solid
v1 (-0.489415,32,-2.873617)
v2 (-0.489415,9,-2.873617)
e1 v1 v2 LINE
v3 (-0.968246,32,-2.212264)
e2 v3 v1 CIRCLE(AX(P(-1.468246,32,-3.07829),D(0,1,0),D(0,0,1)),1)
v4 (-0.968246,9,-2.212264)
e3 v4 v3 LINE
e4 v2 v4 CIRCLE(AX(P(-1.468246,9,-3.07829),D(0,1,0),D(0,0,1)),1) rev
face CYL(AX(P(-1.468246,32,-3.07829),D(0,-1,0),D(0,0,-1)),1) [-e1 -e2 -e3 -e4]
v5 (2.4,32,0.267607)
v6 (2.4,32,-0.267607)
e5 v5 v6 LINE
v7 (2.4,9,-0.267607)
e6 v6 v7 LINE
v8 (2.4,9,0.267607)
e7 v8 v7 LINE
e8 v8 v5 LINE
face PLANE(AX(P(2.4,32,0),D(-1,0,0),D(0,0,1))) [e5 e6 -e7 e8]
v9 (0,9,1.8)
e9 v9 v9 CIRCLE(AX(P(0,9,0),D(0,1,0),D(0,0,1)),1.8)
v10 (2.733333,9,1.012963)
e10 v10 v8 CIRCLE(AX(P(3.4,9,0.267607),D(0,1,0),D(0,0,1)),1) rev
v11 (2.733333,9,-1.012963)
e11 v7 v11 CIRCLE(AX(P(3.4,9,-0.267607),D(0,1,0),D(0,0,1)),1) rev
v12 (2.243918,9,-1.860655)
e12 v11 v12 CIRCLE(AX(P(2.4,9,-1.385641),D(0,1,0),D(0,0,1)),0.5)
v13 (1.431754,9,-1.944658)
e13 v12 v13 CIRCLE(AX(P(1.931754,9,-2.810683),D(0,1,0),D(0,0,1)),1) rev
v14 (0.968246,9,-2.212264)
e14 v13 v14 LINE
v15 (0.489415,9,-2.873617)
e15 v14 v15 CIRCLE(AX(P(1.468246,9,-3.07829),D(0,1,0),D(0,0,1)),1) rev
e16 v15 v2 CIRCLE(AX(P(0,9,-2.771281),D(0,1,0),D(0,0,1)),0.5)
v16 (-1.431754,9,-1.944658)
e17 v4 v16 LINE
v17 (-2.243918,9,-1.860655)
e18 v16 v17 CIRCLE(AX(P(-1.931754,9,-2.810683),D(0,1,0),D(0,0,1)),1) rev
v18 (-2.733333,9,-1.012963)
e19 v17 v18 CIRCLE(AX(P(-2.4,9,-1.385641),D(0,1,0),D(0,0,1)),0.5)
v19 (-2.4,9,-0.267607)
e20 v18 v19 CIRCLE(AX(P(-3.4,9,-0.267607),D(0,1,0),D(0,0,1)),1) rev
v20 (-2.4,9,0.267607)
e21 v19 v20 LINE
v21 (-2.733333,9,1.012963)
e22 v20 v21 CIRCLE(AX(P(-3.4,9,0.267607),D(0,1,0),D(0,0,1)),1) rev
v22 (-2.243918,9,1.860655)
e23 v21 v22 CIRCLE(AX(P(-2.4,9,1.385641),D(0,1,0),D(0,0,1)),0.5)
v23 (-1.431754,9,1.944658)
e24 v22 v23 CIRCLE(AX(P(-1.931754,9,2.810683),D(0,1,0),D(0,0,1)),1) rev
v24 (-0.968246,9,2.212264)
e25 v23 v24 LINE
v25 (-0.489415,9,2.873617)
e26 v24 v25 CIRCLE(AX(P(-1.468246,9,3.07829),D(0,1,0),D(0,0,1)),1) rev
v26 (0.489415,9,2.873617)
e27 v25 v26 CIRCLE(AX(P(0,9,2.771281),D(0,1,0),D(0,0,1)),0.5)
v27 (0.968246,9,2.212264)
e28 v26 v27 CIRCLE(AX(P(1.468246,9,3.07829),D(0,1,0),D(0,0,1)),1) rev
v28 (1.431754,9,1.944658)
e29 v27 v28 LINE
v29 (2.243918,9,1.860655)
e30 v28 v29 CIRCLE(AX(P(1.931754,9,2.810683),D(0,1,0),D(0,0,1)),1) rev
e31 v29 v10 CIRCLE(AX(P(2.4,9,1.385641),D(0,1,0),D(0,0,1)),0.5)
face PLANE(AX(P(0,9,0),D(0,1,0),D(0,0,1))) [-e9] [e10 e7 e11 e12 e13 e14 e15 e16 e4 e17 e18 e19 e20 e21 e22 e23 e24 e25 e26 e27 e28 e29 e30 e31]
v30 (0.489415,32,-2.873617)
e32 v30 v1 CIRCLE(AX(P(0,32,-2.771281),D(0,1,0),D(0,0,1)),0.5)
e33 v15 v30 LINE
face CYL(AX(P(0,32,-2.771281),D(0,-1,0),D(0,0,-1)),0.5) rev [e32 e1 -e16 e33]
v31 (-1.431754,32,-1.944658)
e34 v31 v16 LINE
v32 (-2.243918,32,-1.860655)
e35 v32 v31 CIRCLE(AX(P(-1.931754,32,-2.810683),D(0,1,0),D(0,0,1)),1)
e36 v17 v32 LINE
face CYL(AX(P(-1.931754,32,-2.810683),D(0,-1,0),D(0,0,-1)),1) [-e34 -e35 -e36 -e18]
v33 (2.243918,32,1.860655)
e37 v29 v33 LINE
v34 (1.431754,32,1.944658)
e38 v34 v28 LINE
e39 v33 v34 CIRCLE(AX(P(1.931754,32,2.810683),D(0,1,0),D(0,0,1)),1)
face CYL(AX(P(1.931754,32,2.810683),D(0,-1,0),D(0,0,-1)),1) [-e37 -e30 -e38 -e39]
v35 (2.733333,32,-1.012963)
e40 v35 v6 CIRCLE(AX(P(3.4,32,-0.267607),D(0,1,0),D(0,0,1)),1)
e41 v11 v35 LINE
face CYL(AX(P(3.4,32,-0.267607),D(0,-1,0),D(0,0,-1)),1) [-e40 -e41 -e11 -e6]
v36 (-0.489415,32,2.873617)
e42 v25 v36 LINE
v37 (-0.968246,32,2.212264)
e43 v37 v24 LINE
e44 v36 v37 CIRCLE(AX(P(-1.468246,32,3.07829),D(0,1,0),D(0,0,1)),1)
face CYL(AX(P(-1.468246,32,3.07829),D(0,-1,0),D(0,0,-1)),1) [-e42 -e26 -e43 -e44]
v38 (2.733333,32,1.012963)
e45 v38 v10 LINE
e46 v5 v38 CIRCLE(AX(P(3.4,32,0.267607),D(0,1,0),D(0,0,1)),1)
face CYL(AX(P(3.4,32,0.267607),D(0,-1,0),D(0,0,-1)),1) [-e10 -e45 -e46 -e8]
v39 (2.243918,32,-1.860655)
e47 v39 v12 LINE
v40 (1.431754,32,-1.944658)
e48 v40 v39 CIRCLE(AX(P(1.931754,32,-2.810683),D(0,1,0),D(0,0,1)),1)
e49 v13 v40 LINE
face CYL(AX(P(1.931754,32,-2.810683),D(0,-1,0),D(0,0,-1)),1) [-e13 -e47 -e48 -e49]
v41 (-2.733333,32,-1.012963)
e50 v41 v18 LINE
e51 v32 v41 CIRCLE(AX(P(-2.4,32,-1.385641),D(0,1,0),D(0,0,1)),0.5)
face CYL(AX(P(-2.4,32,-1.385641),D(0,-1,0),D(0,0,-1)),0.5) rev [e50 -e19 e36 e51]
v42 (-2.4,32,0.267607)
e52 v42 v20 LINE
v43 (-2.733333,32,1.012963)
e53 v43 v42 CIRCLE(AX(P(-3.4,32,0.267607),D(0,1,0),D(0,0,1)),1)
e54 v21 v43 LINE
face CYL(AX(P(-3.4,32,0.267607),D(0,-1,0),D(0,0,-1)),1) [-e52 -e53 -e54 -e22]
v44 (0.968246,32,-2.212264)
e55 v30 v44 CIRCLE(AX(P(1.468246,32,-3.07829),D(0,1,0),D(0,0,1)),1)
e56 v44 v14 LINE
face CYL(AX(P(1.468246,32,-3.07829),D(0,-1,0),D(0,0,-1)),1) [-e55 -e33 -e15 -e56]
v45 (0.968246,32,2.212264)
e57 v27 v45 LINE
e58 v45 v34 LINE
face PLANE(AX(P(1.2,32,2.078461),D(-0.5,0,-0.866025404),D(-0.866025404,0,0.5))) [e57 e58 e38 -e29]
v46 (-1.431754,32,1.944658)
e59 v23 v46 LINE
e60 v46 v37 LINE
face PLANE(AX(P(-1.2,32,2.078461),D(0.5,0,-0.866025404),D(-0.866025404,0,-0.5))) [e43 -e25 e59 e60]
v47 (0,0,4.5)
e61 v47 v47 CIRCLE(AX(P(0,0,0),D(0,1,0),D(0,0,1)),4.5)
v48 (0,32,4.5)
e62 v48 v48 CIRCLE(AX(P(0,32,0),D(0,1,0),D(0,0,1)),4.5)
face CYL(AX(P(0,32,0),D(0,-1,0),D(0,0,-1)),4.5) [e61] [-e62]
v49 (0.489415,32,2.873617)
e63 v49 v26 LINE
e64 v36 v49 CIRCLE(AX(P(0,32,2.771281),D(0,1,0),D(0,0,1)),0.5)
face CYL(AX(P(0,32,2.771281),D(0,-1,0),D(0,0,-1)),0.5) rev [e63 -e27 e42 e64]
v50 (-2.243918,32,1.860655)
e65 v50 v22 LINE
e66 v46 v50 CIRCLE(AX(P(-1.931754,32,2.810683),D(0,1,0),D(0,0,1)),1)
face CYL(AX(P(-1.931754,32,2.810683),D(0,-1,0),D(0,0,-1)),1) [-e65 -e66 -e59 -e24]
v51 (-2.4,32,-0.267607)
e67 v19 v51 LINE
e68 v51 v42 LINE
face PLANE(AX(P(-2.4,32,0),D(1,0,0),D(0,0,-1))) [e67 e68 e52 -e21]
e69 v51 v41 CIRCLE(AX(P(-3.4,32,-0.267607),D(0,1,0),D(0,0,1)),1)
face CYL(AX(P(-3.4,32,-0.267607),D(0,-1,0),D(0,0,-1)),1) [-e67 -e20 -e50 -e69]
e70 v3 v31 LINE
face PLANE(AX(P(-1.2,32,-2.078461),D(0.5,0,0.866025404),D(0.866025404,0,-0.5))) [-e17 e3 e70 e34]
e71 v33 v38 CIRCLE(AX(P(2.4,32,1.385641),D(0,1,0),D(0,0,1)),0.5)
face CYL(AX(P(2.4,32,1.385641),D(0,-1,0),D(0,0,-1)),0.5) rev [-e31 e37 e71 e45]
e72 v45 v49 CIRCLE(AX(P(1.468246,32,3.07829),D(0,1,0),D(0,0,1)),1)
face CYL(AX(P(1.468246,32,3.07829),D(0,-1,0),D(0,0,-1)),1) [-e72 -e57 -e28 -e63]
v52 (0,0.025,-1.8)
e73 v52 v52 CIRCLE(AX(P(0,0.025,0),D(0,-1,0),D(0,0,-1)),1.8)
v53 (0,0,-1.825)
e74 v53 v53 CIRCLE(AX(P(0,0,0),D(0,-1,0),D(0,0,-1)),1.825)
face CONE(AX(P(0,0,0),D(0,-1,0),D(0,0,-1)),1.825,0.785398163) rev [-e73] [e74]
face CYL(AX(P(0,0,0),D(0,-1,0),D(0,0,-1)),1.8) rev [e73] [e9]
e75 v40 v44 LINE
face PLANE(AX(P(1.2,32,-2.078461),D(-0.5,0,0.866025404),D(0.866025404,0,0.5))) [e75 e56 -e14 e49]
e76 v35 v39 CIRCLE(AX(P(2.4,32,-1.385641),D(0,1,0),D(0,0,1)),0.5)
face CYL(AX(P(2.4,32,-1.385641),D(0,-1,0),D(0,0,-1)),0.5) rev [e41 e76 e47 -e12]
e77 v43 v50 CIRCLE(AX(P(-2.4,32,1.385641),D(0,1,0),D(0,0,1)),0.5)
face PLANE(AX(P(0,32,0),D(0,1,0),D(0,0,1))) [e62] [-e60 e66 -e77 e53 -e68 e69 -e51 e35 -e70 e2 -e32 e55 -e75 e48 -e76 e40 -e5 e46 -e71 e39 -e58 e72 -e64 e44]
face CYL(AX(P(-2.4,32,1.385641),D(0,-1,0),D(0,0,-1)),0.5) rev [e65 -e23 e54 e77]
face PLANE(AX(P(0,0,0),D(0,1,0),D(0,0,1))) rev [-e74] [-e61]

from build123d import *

# Parameters (mm, degrees)
SKETCH1_R                      = 4.5
BOSS_EXTRUDE1_DEPTH            = 32
SKETCH1_4_R                    = 4.5
BOSS_EXTRUDE2_DEPTH            = 9
M3_CLEARANCE_HOLE1_D           = 3.6
M3_CLEARANCE_HOLE1_CSINK_D     = 3.65
M3_CLEARANCE_HOLE1_CSINK_ANGLE = 90
FILLET1_R                      = 1


with BuildPart() as part:
    # Sketch1 → Boss-Extrude1 (new body)
    with BuildSketch(Plane(origin=(0, 0, 0), x_dir=(1, 0, 0), z_dir=(0, 1, 0))):
        Circle(SKETCH1_R)
        with BuildLine():
            Line((-2.4, -0.885640646), (-2.4, 0.885640646))
            ThreePointArc((-2.4, 0.885640646), (-2.833012702, 1.635640646), (-1.966987298, 1.635640646))
            Line((-1.966987298, 1.635640646), (-0.433012702, 2.521281292))
            ThreePointArc((-0.433012702, 2.521281292), (-0.129409523, 3.254244205), (0.5, 2.771281292))
            ThreePointArc((0.5, 2.771281292), (0.482962913, 2.64187177), (0.433012702, 2.521281292))
            Line((0.433012702, 2.521281292), (1.966987298, 1.635640646))
            ThreePointArc((1.966987298, 1.635640646), (2.529409523, 1.868603559), (2.9, 1.385640646))
            ThreePointArc((2.9, 1.385640646), (2.753553391, 1.032087255), (2.4, 0.885640646))
            Line((2.4, 0.885640646), (2.4, -0.885640646))
            ThreePointArc((2.4, -0.885640646), (2.753553391, -1.032087255), (2.9, -1.385640646))
            ThreePointArc((2.9, -1.385640646), (2.529409523, -1.868603559), (1.966987298, -1.635640646))
            Line((1.966987298, -1.635640646), (0.433012702, -2.521281292))
            ThreePointArc((0.433012702, -2.521281292), (0.482962913, -2.64187177), (0.5, -2.771281292))
            ThreePointArc((0.5, -2.771281292), (-0.129409523, -3.254244205), (-0.433012702, -2.521281292))
            Line((-0.433012702, -2.521281292), (-1.966987298, -1.635640646))
            ThreePointArc((-1.966987298, -1.635640646), (-2.833012702, -1.635640646), (-2.4, -0.885640646))
        make_face(mode=Mode.SUBTRACT)
    extrude(amount=BOSS_EXTRUDE1_DEPTH)

    # Sketch1<4> → Boss-Extrude2 (add)
    with BuildSketch(Plane(origin=(0, 0, 0), x_dir=(1, 0, 0), z_dir=(0, 1, 0))):
        Circle(SKETCH1_4_R)
    extrude(amount=BOSS_EXTRUDE2_DEPTH)

    # M3 Clearance Hole1 (through all)
    with Locations(Plane(origin=(0, 0, 0), x_dir=(-1, 0, 0), z_dir=(0, -1, 0))):
        with Locations((0, 0)):
            CounterSinkHole(M3_CLEARANCE_HOLE1_D / 2, M3_CLEARANCE_HOLE1_CSINK_D / 2, counter_sink_angle=M3_CLEARANCE_HOLE1_CSINK_ANGLE)

    # Fillet1
    fillet1_edges = [part.edges().sort_by_distance(p)[0] for p in [
        (-2.4, 20.5, -0.885640646),
        (-2.4, 20.5, 0.885640646),
        (-1.966987298, 20.5, 1.635640646),
        (-0.433012702, 20.5, 2.521281292),
        (1.966987298, 20.5, 1.635640646),
        (2.4, 20.5, 0.885640646),
        (2.4, 20.5, -0.885640646),
        (1.966987298, 20.5, -1.635640646),
        (0.433012702, 20.5, -2.521281292),
        (-0.433012702, 20.5, -2.521281292),
        (-1.966987298, 20.5, -1.635640646),
        (0.433012702, 20.5, 2.521281292),
    ]]
    fillet(fillet1_edges, radius=FILLET1_R)


solid = part.part
